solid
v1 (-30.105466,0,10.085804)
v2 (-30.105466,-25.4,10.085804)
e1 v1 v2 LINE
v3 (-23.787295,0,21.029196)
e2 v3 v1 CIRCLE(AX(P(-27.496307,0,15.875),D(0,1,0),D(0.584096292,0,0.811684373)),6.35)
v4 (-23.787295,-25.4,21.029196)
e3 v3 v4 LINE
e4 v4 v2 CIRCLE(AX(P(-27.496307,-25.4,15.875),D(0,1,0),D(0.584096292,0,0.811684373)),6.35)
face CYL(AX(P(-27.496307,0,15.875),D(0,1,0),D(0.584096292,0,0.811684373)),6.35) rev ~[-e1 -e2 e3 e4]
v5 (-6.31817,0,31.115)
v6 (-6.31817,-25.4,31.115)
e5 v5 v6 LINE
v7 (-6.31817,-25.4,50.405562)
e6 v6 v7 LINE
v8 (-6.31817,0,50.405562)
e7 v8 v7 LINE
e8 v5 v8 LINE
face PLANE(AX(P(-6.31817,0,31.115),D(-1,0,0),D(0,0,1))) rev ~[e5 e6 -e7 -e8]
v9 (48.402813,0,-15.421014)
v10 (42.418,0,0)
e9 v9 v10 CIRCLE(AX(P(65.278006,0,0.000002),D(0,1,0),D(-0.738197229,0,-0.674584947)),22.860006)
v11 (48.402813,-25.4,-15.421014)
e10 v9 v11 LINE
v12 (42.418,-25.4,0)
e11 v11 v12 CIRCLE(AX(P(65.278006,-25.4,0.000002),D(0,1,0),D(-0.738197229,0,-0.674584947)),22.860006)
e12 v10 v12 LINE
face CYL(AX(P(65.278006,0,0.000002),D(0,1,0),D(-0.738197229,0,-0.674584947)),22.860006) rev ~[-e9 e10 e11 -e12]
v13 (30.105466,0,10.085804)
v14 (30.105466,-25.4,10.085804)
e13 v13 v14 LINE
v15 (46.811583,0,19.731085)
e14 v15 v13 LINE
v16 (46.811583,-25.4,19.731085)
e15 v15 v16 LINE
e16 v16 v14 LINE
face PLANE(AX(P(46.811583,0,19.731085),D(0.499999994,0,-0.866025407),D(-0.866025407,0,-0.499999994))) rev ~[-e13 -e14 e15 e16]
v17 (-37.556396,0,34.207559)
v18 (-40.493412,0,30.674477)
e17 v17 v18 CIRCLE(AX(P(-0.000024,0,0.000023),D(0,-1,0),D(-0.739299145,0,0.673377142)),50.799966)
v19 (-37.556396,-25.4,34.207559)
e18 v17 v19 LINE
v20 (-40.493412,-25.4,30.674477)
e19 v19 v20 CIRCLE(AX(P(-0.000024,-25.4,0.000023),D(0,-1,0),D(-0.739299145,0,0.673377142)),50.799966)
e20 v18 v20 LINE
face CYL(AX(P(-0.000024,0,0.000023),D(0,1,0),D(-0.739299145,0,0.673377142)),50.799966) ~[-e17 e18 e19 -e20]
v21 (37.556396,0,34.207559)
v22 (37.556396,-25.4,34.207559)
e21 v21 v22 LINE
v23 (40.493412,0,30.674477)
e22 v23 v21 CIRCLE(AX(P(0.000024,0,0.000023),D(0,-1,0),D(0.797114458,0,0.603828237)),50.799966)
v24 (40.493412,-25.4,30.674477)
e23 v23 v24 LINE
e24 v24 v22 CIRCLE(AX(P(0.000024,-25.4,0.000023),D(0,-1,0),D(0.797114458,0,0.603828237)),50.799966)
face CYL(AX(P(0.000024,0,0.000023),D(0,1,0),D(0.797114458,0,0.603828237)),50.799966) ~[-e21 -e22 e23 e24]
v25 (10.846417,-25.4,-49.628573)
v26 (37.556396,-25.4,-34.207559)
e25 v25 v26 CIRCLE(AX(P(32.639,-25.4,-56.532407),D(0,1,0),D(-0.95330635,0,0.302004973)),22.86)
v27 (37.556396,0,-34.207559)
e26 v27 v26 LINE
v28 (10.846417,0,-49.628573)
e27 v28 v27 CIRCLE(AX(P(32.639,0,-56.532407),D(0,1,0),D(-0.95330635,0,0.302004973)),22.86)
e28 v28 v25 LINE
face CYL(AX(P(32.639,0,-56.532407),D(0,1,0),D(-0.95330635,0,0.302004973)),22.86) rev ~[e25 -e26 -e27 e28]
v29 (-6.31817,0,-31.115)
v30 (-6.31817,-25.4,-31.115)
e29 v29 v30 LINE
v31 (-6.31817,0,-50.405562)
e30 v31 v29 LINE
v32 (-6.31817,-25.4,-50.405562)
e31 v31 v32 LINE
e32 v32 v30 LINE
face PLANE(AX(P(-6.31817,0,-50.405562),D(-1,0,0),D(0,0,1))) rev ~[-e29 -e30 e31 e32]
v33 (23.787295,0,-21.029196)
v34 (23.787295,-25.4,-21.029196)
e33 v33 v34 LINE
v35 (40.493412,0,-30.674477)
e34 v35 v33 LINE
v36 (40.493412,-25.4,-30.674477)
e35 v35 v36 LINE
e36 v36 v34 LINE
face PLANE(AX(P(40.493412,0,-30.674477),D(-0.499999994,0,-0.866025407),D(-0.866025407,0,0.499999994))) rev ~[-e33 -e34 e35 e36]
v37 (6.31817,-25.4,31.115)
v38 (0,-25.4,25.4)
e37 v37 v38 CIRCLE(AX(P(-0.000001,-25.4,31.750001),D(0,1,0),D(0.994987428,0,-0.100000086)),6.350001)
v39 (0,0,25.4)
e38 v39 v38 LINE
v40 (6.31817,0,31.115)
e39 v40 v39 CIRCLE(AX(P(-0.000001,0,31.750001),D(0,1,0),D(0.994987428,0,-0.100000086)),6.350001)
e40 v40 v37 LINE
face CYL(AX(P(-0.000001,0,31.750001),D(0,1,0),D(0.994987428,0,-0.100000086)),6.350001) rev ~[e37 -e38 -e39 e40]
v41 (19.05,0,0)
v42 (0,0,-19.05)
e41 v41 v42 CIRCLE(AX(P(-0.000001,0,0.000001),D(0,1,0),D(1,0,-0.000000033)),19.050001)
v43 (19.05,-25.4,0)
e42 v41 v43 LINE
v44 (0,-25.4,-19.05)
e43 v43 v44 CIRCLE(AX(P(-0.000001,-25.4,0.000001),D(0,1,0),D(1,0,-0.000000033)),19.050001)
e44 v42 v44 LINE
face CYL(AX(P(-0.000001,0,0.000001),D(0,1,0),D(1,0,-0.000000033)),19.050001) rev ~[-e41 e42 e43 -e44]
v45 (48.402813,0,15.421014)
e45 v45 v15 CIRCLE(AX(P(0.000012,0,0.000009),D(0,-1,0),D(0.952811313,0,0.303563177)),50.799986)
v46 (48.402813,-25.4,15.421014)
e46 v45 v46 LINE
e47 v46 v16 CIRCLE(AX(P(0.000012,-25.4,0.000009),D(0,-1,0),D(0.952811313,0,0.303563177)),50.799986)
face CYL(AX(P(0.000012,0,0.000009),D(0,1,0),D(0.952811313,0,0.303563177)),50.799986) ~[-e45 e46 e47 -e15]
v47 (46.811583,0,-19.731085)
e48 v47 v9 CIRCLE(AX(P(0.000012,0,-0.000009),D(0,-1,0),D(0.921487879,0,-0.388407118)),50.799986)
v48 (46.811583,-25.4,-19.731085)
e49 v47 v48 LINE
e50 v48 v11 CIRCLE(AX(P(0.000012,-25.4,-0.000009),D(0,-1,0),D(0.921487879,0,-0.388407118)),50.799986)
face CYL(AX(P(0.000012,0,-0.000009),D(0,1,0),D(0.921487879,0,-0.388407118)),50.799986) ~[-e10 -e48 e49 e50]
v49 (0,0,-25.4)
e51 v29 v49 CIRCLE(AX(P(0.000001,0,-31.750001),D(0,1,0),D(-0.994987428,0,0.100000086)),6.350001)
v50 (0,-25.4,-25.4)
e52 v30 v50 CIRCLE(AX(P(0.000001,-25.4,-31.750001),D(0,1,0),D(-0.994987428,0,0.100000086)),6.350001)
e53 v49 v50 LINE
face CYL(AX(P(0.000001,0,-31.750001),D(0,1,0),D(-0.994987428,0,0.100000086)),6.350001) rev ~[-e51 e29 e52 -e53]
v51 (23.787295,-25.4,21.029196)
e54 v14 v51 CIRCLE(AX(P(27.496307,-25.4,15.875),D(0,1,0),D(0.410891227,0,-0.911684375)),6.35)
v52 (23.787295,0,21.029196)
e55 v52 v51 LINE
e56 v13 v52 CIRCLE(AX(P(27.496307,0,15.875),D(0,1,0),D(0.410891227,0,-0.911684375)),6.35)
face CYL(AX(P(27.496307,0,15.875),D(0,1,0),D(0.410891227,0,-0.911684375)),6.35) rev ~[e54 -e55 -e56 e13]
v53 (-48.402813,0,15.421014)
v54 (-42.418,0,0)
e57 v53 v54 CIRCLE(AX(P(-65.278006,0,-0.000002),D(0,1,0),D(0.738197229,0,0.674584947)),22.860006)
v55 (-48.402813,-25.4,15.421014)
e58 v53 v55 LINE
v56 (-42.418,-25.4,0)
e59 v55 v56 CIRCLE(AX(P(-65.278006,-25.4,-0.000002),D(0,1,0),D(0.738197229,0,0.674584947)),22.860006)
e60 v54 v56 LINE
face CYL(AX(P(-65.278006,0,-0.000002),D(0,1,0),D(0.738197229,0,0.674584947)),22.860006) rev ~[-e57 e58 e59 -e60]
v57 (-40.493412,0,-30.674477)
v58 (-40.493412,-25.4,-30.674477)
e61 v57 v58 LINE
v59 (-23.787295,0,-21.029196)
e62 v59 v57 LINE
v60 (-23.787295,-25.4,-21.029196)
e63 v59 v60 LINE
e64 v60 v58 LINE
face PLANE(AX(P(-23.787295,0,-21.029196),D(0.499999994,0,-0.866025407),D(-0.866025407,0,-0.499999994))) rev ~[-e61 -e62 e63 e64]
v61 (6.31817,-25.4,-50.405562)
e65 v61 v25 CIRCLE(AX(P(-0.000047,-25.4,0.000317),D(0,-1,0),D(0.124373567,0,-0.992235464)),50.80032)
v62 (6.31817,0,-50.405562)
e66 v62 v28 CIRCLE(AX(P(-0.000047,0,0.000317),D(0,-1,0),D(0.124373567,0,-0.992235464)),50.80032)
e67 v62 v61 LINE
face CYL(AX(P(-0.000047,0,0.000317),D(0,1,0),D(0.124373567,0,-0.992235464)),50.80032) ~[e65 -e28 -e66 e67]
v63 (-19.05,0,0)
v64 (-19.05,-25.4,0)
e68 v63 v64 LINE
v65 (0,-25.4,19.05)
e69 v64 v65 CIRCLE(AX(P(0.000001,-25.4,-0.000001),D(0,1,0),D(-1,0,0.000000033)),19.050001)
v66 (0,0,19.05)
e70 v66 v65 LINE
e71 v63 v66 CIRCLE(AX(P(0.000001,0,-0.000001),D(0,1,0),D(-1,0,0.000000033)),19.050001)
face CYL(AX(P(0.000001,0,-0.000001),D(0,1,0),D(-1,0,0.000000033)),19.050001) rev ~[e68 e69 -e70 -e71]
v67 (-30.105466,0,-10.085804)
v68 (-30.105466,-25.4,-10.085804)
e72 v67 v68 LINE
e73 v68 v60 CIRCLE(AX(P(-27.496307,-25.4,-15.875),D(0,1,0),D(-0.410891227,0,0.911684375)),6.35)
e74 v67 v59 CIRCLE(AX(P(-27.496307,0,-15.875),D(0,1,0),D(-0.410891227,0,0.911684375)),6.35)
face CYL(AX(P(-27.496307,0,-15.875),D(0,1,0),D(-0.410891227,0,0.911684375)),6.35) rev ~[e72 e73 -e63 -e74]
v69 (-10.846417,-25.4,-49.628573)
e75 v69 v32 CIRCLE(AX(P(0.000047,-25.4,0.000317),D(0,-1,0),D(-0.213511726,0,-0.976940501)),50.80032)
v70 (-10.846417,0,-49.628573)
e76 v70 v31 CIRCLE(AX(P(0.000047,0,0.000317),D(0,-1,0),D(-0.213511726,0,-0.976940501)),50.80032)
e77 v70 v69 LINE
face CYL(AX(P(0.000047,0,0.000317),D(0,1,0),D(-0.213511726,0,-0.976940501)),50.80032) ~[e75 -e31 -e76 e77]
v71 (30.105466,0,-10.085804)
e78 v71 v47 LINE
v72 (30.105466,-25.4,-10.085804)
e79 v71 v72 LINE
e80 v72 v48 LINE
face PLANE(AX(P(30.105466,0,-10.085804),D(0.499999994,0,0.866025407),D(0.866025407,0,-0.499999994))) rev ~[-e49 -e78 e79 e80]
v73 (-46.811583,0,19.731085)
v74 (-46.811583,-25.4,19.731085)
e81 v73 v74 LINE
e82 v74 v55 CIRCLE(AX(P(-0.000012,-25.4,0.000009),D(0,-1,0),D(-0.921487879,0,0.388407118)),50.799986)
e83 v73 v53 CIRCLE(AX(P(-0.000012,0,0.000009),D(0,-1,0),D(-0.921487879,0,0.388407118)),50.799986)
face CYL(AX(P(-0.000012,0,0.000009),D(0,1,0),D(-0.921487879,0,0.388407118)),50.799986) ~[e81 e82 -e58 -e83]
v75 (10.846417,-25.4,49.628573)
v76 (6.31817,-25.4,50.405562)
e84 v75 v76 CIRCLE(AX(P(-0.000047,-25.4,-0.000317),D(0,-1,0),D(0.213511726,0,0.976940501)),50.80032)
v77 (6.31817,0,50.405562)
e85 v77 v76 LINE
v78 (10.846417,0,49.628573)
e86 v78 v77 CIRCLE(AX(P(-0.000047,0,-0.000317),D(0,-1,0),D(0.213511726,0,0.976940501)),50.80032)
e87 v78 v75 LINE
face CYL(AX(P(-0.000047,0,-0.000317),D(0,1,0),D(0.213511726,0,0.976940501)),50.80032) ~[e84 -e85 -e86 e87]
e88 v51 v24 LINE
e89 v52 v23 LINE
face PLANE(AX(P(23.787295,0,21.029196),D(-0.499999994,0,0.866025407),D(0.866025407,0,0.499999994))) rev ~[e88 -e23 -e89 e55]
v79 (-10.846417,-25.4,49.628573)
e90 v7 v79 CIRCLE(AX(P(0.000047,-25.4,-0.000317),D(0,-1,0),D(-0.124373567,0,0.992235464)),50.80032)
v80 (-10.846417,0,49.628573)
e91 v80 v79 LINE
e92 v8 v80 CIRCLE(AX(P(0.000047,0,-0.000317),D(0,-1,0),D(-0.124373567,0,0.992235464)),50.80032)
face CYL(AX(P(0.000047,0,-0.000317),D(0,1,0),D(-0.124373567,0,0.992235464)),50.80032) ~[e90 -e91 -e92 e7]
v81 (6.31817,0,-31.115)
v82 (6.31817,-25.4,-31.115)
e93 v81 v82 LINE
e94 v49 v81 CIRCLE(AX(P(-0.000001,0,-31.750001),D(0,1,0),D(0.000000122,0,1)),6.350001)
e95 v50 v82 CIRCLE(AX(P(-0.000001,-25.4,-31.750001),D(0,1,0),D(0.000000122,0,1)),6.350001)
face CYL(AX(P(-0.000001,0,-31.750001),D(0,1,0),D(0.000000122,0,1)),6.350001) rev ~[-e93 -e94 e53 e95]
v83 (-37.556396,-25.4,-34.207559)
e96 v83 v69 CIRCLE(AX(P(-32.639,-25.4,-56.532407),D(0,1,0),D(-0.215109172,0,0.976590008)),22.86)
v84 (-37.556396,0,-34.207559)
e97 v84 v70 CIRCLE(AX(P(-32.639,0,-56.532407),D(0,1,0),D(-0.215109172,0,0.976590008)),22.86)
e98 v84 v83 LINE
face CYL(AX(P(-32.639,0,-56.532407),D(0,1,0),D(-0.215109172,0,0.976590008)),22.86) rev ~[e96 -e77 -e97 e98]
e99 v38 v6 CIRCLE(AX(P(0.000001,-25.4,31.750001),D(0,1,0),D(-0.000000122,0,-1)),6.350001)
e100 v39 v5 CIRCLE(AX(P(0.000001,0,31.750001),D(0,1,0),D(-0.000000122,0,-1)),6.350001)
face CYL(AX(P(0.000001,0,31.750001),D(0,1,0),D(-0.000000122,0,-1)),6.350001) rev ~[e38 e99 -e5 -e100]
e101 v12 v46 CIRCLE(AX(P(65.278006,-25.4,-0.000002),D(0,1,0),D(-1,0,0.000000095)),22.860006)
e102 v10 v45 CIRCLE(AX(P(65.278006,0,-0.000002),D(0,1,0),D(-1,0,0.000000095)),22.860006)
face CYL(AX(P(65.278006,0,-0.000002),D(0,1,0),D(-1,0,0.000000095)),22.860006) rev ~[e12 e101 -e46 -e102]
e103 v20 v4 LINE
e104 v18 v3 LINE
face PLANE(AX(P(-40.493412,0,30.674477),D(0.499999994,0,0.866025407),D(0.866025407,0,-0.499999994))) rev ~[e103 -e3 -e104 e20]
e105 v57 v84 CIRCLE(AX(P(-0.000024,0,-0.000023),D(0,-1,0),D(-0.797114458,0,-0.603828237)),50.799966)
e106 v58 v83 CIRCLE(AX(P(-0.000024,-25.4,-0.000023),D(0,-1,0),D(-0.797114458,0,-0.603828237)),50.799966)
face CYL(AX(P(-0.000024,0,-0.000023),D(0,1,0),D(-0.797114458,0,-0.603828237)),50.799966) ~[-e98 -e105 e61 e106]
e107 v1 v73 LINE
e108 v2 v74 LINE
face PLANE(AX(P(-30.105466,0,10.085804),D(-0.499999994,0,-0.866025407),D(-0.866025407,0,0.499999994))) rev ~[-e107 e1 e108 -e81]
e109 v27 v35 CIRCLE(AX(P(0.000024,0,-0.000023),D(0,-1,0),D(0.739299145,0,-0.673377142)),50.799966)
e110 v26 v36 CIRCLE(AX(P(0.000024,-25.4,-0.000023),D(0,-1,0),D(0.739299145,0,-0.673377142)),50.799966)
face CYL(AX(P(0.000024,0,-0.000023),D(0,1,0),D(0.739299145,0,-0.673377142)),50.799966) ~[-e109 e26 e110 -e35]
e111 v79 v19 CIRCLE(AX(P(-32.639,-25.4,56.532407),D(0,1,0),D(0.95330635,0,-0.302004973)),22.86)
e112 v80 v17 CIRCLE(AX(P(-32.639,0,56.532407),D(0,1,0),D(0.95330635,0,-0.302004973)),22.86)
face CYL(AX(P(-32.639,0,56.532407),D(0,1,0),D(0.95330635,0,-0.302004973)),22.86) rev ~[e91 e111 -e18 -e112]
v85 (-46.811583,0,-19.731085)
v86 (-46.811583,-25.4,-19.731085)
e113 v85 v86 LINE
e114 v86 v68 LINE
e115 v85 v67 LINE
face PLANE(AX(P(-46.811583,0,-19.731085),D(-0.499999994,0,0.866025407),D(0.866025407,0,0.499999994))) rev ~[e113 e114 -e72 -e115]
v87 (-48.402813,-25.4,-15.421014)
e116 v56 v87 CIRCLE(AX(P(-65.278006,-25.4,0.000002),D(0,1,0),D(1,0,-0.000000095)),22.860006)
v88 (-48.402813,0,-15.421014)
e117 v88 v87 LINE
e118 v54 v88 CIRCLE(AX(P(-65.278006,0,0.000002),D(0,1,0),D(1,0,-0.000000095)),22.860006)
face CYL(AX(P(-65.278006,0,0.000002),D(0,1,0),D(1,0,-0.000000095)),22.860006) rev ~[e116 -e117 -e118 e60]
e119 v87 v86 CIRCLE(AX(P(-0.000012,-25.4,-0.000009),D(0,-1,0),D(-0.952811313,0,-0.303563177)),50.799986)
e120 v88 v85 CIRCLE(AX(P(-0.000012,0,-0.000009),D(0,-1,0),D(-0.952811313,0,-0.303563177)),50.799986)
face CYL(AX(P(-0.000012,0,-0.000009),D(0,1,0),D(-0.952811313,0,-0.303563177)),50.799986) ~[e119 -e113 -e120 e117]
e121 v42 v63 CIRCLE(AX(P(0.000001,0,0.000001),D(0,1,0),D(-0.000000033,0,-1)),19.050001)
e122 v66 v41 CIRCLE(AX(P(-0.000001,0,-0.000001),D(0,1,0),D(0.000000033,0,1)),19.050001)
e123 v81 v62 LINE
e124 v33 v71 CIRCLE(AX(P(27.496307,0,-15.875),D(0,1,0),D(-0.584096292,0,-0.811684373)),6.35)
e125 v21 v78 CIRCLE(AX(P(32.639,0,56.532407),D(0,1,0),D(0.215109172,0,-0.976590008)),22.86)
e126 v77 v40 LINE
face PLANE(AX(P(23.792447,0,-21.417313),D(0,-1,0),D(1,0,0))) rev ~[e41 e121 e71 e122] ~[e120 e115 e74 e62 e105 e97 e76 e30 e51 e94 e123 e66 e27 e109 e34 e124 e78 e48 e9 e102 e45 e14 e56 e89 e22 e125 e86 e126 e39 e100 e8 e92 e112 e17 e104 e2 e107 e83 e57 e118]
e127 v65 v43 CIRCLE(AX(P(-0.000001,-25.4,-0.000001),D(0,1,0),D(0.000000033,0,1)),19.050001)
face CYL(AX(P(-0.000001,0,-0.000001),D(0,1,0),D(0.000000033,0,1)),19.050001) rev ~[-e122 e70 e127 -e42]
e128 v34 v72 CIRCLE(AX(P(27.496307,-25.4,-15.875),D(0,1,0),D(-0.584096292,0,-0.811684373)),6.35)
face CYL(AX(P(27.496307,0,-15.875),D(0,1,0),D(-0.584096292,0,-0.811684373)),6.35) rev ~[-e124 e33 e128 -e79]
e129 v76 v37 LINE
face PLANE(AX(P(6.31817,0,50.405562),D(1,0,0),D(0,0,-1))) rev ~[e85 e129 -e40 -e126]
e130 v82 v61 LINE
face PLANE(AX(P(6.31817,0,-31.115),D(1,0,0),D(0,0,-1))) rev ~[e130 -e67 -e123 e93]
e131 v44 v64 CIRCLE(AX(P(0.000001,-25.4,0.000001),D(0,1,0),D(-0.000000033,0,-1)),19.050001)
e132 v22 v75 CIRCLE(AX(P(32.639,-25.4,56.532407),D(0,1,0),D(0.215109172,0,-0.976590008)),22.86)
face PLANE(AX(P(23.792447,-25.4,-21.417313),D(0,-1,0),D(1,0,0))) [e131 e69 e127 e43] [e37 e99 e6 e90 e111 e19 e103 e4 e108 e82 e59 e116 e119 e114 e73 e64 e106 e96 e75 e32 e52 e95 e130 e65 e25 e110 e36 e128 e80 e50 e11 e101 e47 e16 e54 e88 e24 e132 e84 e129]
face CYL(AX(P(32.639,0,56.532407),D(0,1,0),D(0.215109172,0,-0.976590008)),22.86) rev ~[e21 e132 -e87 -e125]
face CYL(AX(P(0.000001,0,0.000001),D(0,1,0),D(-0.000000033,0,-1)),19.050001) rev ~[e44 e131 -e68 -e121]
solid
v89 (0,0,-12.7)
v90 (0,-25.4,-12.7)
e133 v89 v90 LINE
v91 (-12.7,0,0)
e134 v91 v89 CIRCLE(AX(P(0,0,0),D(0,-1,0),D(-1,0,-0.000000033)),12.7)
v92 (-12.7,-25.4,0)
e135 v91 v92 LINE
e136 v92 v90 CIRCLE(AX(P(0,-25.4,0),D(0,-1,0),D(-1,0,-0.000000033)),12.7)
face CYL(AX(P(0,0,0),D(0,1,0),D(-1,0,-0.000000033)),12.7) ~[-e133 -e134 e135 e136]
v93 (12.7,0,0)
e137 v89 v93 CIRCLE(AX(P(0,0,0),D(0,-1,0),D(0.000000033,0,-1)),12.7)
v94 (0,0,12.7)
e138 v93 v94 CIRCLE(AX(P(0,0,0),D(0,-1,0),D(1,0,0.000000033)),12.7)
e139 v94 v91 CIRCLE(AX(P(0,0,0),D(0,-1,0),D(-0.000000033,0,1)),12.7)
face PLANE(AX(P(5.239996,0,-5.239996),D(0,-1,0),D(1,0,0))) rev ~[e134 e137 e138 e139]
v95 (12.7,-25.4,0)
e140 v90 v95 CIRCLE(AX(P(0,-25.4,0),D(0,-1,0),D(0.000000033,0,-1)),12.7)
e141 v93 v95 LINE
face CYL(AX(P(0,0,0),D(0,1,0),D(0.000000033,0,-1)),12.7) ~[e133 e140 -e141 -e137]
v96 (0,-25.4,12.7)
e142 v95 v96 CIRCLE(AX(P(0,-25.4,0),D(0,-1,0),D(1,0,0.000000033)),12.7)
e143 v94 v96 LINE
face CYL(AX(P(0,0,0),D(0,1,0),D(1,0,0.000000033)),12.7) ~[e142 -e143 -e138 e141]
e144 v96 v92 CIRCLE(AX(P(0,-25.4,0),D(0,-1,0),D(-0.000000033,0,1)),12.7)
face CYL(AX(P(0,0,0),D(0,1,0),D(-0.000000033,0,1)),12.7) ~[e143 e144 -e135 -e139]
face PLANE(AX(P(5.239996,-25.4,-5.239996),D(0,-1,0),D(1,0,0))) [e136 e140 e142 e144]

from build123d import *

# Parameters (mm, degrees)
F1_DEPTH = 25.4
F2_DEPTH = 25.4


with BuildPart() as f1:
    # F0 (on Front) → F1 (new body)
    with BuildSketch(Plane.XZ):
        with BuildLine():
            Line((42.418, 0), (19.05, 0))
            ThreePointArc((19.05, 0), (13.470384, -13.470384), (0, -19.05))
            Line((0, -19.05), (0, -25.4))
            ThreePointArc((0, -25.4), (4.259709, -27.040714), (6.31817, -31.115))
            Line((6.31817, -31.115), (6.31817, -50.405562))
            ThreePointArc((6.31817, -50.405562), (8.591082, -50.068286), (10.846417, -49.628573))
            ThreePointArc((10.846417, -49.628573), (21.209, -36.735066), (37.556396, -34.207559))
            ThreePointArc((37.556396, -34.207559), (39.064867, -32.474238), (40.493412, -30.674477))
            Line((40.493412, -30.674477), (23.787295, -21.029196))
            ThreePointArc((23.787295, -21.029196), (21.997045, -12.7), (30.105466, -10.085804))
            Line((30.105466, -10.085804), (46.811583, -19.731085))
            ThreePointArc((46.811583, -19.731085), (47.655949, -17.594048), (48.402813, -15.421014))
            ThreePointArc((48.402813, -15.421014), (43.966661, -8.270817), (42.418, 0))
        make_face()
        with BuildLine():
            ThreePointArc((0, 19.05), (13.470384, 13.470384), (19.05, 0))
            Line((19.05, 0), (42.418, 0))
            ThreePointArc((42.418, 0), (43.966661, 8.270817), (48.402813, 15.421014))
            ThreePointArc((48.402813, 15.421014), (47.655949, 17.594048), (46.811583, 19.731085))
            Line((46.811583, 19.731085), (30.105466, 10.085804))
            ThreePointArc((30.105466, 10.085804), (21.997045, 12.7), (23.787295, 21.029196))
            Line((23.787295, 21.029196), (40.493412, 30.674477))
            ThreePointArc((40.493412, 30.674477), (39.064867, 32.474238), (37.556396, 34.207559))
            ThreePointArc((37.556396, 34.207559), (21.209, 36.735066), (10.846417, 49.628573))
            ThreePointArc((10.846417, 49.628573), (8.591082, 50.068286), (6.31817, 50.405562))
            Line((6.31817, 50.405562), (6.31817, 31.115))
            ThreePointArc((6.31817, 31.115), (4.259709, 27.040714), (0, 25.4))
            Line((0, 25.4), (0, 19.05))
        make_face()
        with BuildLine():
            ThreePointArc((-19.05, 0), (-13.470384, 13.470384), (0, 19.05))
            Line((0, 19.05), (0, 25.4))
            ThreePointArc((0, 25.4), (-4.259709, 27.040714), (-6.31817, 31.115))
            Line((-6.31817, 31.115), (-6.31817, 50.405562))
            ThreePointArc((-6.31817, 50.405562), (-8.591082, 50.068286), (-10.846417, 49.628573))
            ThreePointArc((-10.846417, 49.628573), (-21.209, 36.735066), (-37.556396, 34.207559))
            ThreePointArc((-37.556396, 34.207559), (-39.064867, 32.474238), (-40.493412, 30.674477))
            Line((-40.493412, 30.674477), (-23.787295, 21.029196))
            ThreePointArc((-23.787295, 21.029196), (-21.997045, 12.7), (-30.105466, 10.085804))
            Line((-30.105466, 10.085804), (-46.811583, 19.731085))
            ThreePointArc((-46.811583, 19.731085), (-47.655949, 17.594048), (-48.402813, 15.421014))
            ThreePointArc((-48.402813, 15.421014), (-43.966661, 8.270817), (-42.418, 0))
            Line((-42.418, 0), (-19.05, 0))
        make_face()
        with BuildLine():
            Line((0, -25.4), (0, -19.05))
            ThreePointArc((0, -19.05), (-13.470384, -13.470384), (-19.05, 0))
            Line((-19.05, 0), (-42.418, 0))
            ThreePointArc((-42.418, 0), (-43.966661, -8.270817), (-48.402813, -15.421014))
            ThreePointArc((-48.402813, -15.421014), (-47.655949, -17.594048), (-46.811583, -19.731085))
            Line((-46.811583, -19.731085), (-30.105466, -10.085804))
            ThreePointArc((-30.105466, -10.085804), (-21.997045, -12.7), (-23.787295, -21.029196))
            Line((-23.787295, -21.029196), (-40.493412, -30.674477))
            ThreePointArc((-40.493412, -30.674477), (-39.064867, -32.474238), (-37.556396, -34.207559))
            ThreePointArc((-37.556396, -34.207559), (-21.209, -36.735066), (-10.846417, -49.628573))
            ThreePointArc((-10.846417, -49.628573), (-8.591082, -50.068286), (-6.31817, -50.405562))
            Line((-6.31817, -50.405562), (-6.31817, -31.115))
            ThreePointArc((-6.31817, -31.115), (-4.259709, -27.040714), (0, -25.4))
        make_face()
    extrude(amount=F1_DEPTH)


with BuildPart() as f2:
    # F0 (on Front) → F2 (new body)
    with BuildSketch(Plane.XZ):
        with BuildLine():
            ThreePointArc((0, -12.7), (8.980256, -8.980256), (12.7, 0))
            Line((12.7, 0), (0, 0))
            Line((0, 0), (0, -12.7))
        make_face()
        with BuildLine():
            Line((0, 0), (12.7, 0))
            ThreePointArc((12.7, 0), (8.980256, 8.980256), (0, 12.7))
            Line((0, 12.7), (0, 0))
        make_face()
        with BuildLine():
            Line((0, 0), (0, 12.7))
            ThreePointArc((0, 12.7), (-8.980256, 8.980256), (-12.7, 0))
            Line((-12.7, 0), (0, 0))
        make_face()
        with BuildLine():
            ThreePointArc((-12.7, 0), (-8.980256, -8.980256), (0, -12.7))
            Line((0, -12.7), (0, 0))
            Line((0, 0), (-12.7, 0))
        make_face()
    extrude(amount=F2_DEPTH)


solid = Compound([f1.part, f2.part])
